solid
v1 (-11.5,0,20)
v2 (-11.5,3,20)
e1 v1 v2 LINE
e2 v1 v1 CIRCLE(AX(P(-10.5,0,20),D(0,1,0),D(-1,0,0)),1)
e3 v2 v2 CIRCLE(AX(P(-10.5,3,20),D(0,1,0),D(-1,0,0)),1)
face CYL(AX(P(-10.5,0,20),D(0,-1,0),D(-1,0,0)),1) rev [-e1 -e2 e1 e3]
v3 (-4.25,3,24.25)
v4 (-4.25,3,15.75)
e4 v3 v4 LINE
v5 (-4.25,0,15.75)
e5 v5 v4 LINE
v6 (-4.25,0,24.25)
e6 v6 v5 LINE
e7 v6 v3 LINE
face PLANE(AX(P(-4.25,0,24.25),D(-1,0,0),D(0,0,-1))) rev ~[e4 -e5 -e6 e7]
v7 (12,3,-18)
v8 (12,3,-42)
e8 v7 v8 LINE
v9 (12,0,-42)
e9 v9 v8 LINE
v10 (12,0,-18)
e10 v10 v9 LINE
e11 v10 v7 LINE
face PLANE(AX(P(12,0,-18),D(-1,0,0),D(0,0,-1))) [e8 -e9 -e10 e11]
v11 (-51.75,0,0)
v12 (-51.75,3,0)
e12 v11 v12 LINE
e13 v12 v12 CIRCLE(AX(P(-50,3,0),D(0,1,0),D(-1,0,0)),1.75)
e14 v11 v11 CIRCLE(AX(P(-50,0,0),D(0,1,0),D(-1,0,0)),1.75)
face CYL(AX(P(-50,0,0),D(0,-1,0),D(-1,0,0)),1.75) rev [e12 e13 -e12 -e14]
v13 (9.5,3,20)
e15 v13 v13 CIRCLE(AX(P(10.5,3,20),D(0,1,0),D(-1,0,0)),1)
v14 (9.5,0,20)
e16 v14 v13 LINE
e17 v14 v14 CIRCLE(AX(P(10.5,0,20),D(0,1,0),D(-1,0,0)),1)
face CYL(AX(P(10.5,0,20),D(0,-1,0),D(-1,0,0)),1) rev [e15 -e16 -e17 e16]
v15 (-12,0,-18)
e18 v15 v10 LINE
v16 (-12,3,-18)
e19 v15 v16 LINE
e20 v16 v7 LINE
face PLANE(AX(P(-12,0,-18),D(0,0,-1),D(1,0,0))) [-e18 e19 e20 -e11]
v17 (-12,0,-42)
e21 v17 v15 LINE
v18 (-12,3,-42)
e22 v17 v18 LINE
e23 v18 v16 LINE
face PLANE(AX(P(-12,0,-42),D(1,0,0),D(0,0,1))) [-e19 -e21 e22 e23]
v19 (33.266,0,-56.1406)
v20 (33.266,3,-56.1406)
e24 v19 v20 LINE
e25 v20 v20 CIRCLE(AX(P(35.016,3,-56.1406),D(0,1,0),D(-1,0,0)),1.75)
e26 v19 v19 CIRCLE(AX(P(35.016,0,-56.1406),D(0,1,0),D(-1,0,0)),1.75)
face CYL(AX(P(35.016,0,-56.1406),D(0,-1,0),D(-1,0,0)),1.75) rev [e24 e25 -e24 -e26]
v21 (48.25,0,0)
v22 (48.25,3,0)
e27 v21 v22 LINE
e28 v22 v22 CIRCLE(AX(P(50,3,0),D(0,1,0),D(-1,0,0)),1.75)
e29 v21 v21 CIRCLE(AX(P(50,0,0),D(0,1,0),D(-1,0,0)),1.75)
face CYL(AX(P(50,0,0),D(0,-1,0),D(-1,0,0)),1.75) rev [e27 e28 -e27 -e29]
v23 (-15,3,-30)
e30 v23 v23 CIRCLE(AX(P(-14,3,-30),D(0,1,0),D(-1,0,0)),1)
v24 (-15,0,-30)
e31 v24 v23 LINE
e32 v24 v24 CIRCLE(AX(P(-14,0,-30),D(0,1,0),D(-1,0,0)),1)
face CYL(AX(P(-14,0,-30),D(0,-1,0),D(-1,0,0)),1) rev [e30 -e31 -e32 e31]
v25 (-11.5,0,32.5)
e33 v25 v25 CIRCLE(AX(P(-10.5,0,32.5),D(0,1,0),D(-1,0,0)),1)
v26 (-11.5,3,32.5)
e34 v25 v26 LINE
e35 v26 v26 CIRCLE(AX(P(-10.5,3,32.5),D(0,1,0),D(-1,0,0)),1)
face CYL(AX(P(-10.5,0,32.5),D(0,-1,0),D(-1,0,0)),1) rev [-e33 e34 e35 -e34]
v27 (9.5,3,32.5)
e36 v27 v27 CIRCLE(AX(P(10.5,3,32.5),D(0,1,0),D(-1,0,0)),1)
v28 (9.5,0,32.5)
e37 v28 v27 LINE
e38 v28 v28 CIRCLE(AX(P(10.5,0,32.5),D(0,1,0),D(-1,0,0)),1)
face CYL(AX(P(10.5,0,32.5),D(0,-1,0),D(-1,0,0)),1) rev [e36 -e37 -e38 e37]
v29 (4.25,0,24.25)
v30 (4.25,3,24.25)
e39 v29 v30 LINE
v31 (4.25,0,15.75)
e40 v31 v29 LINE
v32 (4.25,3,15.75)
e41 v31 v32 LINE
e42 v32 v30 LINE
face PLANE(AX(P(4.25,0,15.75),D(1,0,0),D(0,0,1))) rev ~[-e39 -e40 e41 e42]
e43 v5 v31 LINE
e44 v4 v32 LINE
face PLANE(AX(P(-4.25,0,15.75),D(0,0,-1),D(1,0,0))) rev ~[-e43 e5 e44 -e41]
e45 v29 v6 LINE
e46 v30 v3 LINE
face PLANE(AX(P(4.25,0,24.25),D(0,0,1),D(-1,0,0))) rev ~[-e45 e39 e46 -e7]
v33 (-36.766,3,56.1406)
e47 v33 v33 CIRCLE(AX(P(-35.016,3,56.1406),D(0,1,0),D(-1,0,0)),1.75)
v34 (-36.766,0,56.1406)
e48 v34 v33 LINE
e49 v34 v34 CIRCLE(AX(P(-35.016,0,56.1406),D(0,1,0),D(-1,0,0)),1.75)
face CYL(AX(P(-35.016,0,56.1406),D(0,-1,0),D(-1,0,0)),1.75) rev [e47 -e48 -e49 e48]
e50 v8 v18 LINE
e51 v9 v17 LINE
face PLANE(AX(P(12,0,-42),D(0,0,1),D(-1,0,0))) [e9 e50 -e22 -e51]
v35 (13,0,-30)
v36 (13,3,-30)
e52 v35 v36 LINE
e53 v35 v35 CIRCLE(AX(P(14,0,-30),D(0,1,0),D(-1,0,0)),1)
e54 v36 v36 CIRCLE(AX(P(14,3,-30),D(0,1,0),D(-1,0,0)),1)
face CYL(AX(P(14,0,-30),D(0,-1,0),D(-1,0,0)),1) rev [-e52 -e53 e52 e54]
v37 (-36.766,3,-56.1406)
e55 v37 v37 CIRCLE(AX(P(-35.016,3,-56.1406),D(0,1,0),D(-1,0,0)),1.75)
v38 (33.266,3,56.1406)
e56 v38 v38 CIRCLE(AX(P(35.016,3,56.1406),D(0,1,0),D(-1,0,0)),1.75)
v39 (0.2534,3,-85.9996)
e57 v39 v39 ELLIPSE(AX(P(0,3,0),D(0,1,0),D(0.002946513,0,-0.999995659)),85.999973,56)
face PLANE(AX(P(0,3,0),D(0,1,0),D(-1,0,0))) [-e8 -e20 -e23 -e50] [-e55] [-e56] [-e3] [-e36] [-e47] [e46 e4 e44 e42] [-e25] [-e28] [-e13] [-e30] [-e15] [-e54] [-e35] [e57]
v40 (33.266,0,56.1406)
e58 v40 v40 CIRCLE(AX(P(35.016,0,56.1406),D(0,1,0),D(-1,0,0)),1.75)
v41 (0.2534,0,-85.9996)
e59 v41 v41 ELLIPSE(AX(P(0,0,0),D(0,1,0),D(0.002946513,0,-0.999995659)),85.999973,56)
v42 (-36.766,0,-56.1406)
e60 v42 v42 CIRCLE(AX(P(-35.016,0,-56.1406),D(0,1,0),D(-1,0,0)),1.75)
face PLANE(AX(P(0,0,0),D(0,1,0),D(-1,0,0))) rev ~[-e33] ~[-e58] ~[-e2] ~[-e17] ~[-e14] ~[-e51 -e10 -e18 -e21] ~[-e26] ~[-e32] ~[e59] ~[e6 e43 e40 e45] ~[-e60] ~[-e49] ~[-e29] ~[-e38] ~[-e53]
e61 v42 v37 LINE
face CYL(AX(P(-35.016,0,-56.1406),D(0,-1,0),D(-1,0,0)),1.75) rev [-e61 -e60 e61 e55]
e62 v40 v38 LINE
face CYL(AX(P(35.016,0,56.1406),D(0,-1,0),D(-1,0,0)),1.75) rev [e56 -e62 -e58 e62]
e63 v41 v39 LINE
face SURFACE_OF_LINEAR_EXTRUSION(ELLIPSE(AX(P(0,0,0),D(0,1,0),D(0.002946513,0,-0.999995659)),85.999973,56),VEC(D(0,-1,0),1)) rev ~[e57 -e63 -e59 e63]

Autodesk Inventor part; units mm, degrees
ref_plane "YZ Plane" through (0, 0, 0) normal (1, 0, 0) x (0, 1, 0)
ref_plane "XZ Plane" through (0, 0, 0) normal (0, 1, 0) x (-1, 0, 0)
ref_plane "XY Plane" through (0, 0, 0) normal (0, 0, 1) x (1, 0, 0)
sketch "Sketch1" plane through (0, 0, 0) normal (0, 1, 0) x (-1, 0, 0)
  circle A0 centre (50, 0) radius 1.75
  circle A1 centre (35.016, -56.1406) radius 1.75
  line L0 (0, 113.2764) -> (0, -120.1992) construction
  line L1 (64.7812, 0) -> (-65.3256, 0) construction
  ellipse E0 centre (0, 0) end of major axis (-50, 0) minor radius 78.647 construction
  circle A2 centre (-50, 0) radius 1.75
  circle A3 centre (-35.016, -56.1406) radius 1.75
  circle A4 centre (35.016, 56.1406) radius 1.75
  circle A5 centre (-35.016, 56.1406) radius 1.75
  ellipse E1 centre (0, 0) end of major axis (-0.2534, -85.9996) minor radius 56
  circle A6 centre (10.5, 32.5) radius 1
  circle A7 centre (10.5, 20) radius 1
  circle A8 centre (-10.5, 32.5) radius 1
  circle A9 centre (-10.5, 20) radius 1
  circle A10 centre (14, -30) radius 1
  circle A11 centre (-14, -30) radius 1
  line L2 (12, -18) -> (-12, -18)
  line L3 (-12, -18) -> (-12, -42)
  line L4 (-12, -42) -> (12, -42)
  line L5 (12, -42) -> (12, -18)
  line L6 (-4.25, 24.25) -> (4.25, 24.25)
  line L7 (4.25, 24.25) -> (4.25, 15.75)
  line L8 (4.25, 15.75) -> (-4.25, 15.75)
  line L9 (-4.25, 15.75) -> (-4.25, 24.25)
  dimension "d55" = 78.647
  dimension "d56" = 50
  dimension "d60" = 86
  dimension "d61" = 56
  dimension "d49" = 3.5
  dimension "d58" = 3.5
  dimension "d59" = 35.016
  dimension "d66" = 2
  dimension "d69" = 12.5
  dimension "d72" = 21
  dimension "d75" = 10.5
  dimension "d76" = 20
  dimension "d77" = 2
  dimension "d78" = 28
  dimension "d79" = 30
  dimension "d80" = 24
  dimension "d81" = 24
  dimension "d82" = 12
  dimension "d83" = 12
  dimension "d84" = 8.5
  dimension "d85" = 8.5
  dimension "d86" = 4.25
  dimension "d87" = 4.25
extrude "Extrusion7" add sketch "Sketch1" along normal blind 3
properties part number "TopCover"
